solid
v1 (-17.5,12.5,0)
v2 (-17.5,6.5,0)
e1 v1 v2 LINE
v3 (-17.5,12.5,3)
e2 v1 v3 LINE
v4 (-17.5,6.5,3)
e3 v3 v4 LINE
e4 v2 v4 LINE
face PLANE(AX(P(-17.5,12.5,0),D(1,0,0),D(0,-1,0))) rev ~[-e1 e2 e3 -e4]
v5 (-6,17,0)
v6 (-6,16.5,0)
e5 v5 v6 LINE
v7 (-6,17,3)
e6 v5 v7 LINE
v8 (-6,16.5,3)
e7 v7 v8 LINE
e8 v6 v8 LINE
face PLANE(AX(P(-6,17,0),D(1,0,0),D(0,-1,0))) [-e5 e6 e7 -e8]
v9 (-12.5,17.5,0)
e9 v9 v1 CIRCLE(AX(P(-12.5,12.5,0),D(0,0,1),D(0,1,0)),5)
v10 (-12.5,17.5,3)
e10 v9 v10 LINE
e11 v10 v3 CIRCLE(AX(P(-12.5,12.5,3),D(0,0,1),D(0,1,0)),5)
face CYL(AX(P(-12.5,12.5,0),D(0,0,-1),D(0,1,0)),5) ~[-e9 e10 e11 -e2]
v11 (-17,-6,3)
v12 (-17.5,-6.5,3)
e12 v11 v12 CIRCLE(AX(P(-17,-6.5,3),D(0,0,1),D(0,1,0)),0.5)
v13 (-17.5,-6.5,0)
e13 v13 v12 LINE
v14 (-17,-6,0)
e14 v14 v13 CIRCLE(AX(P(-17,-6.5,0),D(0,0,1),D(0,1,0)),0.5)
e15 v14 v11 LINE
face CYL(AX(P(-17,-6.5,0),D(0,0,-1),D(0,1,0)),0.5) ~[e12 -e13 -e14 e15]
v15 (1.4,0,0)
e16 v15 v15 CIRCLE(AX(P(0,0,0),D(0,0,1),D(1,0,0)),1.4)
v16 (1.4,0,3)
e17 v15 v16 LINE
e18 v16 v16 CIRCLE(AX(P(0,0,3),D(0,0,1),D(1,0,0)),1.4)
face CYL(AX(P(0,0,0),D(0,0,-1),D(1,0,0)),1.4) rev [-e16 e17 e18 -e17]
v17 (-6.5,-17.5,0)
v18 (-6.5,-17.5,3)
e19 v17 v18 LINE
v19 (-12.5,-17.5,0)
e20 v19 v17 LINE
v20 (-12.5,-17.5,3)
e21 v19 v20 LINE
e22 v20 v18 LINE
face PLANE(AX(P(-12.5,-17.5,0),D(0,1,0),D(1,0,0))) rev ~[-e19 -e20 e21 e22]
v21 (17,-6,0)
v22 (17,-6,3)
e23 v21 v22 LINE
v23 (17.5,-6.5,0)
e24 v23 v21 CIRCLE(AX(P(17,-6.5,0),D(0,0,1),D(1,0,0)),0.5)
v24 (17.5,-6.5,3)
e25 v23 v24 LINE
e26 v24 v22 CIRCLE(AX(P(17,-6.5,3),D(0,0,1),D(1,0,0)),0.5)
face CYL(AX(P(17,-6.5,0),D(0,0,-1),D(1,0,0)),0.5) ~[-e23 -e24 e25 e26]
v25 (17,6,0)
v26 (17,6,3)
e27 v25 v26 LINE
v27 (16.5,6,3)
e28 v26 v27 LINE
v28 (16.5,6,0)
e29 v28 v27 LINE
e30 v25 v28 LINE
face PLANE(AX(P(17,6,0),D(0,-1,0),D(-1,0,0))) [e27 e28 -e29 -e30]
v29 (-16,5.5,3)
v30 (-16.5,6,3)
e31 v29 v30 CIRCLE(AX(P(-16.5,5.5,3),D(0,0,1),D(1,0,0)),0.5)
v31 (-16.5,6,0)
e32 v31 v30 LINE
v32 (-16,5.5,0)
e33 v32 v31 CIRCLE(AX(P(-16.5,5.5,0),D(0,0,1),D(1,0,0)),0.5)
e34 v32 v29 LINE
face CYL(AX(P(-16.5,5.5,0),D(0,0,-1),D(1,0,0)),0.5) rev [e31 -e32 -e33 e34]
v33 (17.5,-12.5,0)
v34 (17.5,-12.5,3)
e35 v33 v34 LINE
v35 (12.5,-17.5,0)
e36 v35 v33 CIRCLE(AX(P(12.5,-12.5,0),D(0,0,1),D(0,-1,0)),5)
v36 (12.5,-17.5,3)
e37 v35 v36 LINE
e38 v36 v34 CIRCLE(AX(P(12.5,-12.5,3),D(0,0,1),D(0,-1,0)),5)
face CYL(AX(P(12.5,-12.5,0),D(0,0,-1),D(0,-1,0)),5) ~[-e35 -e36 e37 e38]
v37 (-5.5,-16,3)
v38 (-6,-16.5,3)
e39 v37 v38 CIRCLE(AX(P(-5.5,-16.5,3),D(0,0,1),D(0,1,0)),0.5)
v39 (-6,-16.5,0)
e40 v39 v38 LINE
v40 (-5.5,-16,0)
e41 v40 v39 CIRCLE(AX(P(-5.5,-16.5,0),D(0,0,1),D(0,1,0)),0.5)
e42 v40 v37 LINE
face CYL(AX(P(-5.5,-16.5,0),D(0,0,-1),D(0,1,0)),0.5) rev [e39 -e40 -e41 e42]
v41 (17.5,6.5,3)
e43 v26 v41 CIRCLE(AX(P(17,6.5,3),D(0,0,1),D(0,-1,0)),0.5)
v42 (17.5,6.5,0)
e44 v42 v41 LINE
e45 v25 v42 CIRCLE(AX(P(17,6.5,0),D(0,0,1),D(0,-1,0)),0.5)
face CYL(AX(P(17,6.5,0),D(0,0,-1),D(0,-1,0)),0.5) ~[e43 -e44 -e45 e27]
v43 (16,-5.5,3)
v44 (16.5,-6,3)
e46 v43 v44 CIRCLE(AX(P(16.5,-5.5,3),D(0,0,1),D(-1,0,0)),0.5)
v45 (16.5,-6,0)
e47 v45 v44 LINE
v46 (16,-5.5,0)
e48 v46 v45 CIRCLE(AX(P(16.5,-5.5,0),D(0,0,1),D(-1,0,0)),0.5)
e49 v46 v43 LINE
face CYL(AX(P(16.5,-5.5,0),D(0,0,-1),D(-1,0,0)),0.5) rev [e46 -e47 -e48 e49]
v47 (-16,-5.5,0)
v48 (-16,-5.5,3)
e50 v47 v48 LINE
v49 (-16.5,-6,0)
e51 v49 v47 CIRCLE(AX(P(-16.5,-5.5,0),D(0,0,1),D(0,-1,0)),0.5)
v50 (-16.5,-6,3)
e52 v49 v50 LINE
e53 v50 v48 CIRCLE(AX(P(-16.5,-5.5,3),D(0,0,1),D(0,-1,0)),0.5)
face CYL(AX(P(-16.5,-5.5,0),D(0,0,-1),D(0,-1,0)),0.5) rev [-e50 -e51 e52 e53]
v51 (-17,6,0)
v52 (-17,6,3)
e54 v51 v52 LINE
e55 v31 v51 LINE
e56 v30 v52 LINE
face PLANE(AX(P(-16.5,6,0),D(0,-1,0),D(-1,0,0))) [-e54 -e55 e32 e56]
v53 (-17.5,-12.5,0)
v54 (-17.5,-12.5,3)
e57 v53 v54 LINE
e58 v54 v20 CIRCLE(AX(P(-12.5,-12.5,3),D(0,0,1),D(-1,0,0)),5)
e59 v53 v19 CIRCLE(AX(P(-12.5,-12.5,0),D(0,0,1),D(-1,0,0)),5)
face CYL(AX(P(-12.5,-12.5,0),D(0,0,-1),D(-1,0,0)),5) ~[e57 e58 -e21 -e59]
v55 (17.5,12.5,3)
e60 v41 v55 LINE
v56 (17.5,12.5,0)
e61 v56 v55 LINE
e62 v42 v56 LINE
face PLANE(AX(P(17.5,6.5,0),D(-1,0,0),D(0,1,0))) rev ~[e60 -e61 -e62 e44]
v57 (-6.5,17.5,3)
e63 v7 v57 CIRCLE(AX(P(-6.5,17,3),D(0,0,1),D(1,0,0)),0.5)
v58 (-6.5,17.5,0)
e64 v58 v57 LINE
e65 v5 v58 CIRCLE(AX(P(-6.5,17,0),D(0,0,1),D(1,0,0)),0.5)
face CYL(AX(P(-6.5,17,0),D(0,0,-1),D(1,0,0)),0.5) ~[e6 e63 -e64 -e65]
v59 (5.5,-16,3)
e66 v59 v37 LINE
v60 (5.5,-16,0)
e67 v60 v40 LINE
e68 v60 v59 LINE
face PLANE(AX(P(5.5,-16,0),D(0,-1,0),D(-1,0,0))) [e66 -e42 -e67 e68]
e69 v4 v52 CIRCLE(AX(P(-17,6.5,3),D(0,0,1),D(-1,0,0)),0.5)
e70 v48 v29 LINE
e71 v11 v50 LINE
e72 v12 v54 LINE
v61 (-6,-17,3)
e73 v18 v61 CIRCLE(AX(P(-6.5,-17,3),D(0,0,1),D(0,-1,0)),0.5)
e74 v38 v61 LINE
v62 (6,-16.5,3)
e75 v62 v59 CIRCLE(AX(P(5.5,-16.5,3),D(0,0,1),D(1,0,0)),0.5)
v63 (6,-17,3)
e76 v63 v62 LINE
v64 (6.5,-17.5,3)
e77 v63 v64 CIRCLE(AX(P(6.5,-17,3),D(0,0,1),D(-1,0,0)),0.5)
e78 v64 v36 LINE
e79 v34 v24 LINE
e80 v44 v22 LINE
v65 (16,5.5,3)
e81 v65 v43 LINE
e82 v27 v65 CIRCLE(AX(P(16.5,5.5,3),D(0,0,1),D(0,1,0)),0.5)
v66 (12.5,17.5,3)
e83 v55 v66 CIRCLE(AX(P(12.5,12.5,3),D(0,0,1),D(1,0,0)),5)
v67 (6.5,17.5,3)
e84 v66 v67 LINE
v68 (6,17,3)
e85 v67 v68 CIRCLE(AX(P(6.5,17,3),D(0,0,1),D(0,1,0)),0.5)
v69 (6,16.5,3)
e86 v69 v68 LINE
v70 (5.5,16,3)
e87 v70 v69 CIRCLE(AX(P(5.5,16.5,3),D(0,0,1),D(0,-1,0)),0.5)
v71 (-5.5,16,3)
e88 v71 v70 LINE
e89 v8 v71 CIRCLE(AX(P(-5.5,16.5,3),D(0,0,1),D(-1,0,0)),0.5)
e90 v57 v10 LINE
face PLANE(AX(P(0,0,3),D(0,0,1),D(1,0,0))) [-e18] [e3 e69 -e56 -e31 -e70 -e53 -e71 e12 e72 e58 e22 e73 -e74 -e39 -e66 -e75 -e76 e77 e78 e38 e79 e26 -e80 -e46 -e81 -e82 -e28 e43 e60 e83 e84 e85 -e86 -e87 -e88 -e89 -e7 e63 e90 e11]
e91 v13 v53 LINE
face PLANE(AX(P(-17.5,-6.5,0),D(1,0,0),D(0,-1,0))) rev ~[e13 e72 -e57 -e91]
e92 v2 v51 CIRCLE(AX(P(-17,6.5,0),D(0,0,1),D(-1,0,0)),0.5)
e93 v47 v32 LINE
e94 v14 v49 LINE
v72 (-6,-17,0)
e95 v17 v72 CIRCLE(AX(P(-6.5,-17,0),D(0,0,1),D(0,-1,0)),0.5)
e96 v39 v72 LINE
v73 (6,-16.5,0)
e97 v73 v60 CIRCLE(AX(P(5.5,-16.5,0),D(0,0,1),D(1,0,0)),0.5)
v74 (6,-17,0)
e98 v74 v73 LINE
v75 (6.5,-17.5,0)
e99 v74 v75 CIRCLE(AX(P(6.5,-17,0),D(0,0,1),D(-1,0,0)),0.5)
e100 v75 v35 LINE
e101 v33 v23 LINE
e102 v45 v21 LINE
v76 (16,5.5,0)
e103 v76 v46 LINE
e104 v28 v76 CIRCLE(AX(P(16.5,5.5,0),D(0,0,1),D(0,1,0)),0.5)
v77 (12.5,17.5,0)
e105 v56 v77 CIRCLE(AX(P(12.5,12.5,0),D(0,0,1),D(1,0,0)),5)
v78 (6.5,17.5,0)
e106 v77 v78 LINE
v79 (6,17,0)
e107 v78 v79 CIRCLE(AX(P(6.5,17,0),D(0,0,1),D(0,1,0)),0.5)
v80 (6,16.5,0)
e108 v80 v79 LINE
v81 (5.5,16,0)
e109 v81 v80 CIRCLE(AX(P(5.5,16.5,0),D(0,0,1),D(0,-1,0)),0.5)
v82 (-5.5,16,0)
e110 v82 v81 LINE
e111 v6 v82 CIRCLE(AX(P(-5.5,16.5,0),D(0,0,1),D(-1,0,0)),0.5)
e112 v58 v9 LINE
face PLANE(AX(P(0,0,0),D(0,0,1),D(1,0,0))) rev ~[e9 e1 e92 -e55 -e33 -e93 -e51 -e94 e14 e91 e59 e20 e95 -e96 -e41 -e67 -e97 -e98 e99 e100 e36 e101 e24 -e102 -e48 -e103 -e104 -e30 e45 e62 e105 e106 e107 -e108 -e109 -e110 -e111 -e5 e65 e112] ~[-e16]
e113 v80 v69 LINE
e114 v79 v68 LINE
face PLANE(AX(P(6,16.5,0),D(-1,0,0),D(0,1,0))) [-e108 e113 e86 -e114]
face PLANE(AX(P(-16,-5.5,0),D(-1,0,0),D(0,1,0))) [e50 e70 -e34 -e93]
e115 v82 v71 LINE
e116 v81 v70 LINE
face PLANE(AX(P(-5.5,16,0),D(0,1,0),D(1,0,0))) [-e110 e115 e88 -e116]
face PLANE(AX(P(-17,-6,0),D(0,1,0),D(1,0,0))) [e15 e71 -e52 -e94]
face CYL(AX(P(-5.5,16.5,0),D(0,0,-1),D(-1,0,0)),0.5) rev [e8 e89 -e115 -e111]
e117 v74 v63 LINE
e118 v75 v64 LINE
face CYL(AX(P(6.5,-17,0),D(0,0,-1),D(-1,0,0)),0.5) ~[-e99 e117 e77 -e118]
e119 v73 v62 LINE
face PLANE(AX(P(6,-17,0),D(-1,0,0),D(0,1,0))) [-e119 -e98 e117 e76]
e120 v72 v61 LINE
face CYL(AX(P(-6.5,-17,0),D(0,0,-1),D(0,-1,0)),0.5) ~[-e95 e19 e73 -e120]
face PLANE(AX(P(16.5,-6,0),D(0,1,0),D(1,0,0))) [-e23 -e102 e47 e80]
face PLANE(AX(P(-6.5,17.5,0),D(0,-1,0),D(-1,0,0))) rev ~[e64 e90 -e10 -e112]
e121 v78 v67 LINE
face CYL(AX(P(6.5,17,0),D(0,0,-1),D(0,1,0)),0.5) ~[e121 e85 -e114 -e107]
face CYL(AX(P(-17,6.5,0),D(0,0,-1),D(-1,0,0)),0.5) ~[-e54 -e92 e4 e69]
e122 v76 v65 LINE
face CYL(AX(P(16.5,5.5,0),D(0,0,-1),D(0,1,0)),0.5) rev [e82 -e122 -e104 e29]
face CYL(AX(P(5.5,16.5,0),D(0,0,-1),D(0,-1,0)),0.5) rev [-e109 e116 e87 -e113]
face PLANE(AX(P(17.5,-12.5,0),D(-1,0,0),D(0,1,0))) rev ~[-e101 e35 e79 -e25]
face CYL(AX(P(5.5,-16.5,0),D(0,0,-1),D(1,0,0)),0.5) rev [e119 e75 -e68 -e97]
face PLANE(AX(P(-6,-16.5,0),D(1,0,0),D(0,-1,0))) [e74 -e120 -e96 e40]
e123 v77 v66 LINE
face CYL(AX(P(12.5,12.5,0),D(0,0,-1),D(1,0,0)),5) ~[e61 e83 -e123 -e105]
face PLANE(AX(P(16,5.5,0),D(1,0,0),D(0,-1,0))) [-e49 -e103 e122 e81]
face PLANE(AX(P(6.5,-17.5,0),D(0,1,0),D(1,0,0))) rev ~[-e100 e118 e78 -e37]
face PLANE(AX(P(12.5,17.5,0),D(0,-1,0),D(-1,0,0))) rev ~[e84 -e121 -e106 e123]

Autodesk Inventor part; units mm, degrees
ref_plane "YZ Plane" through (0, 0, 0) normal (1, 0, 0) x (0, 1, 0)
ref_plane "XZ Plane" through (0, 0, 0) normal (0, 1, 0) x (-1, 0, 0)
ref_plane "XY Plane" through (0, 0, 0) normal (0, 0, 1) x (1, 0, 0)
sketch "Sketch1" plane through (0, 0, 0) normal (0, 0, 1) x (1, 0, 0)
  circle A0 centre (0, 0) radius 16 construction
  line L0 (17.5, 17.5) -> (-17.5, -17.5) construction
  line L1 (-17.5, 17.5) -> (17.5, -17.5) construction
  line L2 (-17, -6) -> (-16.5, -6)
  line L3 (-16, -5.5) -> (-16, 5.5)
  line L4 (-16.5, 6) -> (-17, 6)
  line L5 (-17.5, 12.5) -> (-17.5, 6.5)
  line L6 (-17.5, -6.5) -> (-17.5, -12.5)
  arc A1 (-16.5, -6) -> (-16, -5.5) centre (-16.5, -5.5) ccw
  arc A2 (-16, 5.5) -> (-16.5, 6) centre (-16.5, 5.5) ccw
  arc A3 (-17.5, 6.5) -> (-17, 6) centre (-17, 6.5) ccw
  arc A4 (-17, -6) -> (-17.5, -6.5) centre (-17, -6.5) ccw
  line L7 (6, -17) -> (6, -16.5)
  line L8 (5.5, -16) -> (-5.5, -16)
  line L9 (-6, -16.5) -> (-6, -17)
  arc A5 (6, -16.5) -> (5.5, -16) centre (5.5, -16.5) ccw
  arc A6 (-5.5, -16) -> (-6, -16.5) centre (-5.5, -16.5) ccw
  arc A7 (-6.5, -17.5) -> (-6, -17) centre (-6.5, -17) ccw
  arc A8 (6, -17) -> (6.5, -17.5) centre (6.5, -17) ccw
  line L10 (17, 6) -> (16.5, 6)
  line L11 (16, 5.5) -> (16, -5.5)
  line L12 (16.5, -6) -> (17, -6)
  arc A9 (16.5, 6) -> (16, 5.5) centre (16.5, 5.5) ccw
  arc A10 (16, -5.5) -> (16.5, -6) centre (16.5, -5.5) ccw
  arc A11 (17.5, -6.5) -> (17, -6) centre (17, -6.5) ccw
  arc A12 (17, 6) -> (17.5, 6.5) centre (17, 6.5) ccw
  line L13 (-6, 17) -> (-6, 16.5)
  line L14 (-5.5, 16) -> (5.5, 16)
  line L15 (6, 16.5) -> (6, 17)
  arc A13 (-6, 16.5) -> (-5.5, 16) centre (-5.5, 16.5) ccw
  arc A14 (5.5, 16) -> (6, 16.5) centre (5.5, 16.5) ccw
  arc A15 (6.5, 17.5) -> (6, 17) centre (6.5, 17) ccw
  arc A16 (-6, 17) -> (-6.5, 17.5) centre (-6.5, 17) ccw
  line L16 (12.5, 17.5) -> (6.5, 17.5)
  line L17 (-6.5, 17.5) -> (-12.5, 17.5)
  line L18 (17.5, -12.5) -> (17.5, -6.5)
  line L19 (17.5, 6.5) -> (17.5, 12.5)
  line L20 (-12.5, -17.5) -> (-6.5, -17.5)
  line L21 (6.5, -17.5) -> (12.5, -17.5)
  arc A17 (-17.5, -12.5) -> (-12.5, -17.5) centre (-12.5, -12.5) ccw
  arc A18 (-12.5, 17.5) -> (-17.5, 12.5) centre (-12.5, 12.5) ccw
  arc A19 (17.5, 12.5) -> (12.5, 17.5) centre (12.5, 12.5) ccw
  arc A20 (12.5, -17.5) -> (17.5, -12.5) centre (12.5, -12.5) ccw
  circle A21 centre (0, 0) radius 1.4
  point P0 (16, 0)
  point P1 (0, 0)
  point P2 (-16, 6)
  point P3 (-16, -6)
  point P4 (-16, 0)
  point P5 (-6, -16)
  point P6 (6, -16)
  point P7 (0, -16)
  point P8 (16, -6)
  point P9 (16, 6)
  point P10 (6, 16)
  point P11 (-6, 16)
  point P12 (0, 16)
  dimension "d17" = 16
  dimension "d39" = 35
  dimension "d44" = 12
  dimension "d45" = 0.5
  dimension "d48" = 360
  dimension "d50" = 5
  dimension "d53" = 2.8
extrude "Extrusion6" add sketch "Sketch1" along normal blind 3
properties part number "290814 Forward Outer Endcap" material "Polycarbonate, Clear"
